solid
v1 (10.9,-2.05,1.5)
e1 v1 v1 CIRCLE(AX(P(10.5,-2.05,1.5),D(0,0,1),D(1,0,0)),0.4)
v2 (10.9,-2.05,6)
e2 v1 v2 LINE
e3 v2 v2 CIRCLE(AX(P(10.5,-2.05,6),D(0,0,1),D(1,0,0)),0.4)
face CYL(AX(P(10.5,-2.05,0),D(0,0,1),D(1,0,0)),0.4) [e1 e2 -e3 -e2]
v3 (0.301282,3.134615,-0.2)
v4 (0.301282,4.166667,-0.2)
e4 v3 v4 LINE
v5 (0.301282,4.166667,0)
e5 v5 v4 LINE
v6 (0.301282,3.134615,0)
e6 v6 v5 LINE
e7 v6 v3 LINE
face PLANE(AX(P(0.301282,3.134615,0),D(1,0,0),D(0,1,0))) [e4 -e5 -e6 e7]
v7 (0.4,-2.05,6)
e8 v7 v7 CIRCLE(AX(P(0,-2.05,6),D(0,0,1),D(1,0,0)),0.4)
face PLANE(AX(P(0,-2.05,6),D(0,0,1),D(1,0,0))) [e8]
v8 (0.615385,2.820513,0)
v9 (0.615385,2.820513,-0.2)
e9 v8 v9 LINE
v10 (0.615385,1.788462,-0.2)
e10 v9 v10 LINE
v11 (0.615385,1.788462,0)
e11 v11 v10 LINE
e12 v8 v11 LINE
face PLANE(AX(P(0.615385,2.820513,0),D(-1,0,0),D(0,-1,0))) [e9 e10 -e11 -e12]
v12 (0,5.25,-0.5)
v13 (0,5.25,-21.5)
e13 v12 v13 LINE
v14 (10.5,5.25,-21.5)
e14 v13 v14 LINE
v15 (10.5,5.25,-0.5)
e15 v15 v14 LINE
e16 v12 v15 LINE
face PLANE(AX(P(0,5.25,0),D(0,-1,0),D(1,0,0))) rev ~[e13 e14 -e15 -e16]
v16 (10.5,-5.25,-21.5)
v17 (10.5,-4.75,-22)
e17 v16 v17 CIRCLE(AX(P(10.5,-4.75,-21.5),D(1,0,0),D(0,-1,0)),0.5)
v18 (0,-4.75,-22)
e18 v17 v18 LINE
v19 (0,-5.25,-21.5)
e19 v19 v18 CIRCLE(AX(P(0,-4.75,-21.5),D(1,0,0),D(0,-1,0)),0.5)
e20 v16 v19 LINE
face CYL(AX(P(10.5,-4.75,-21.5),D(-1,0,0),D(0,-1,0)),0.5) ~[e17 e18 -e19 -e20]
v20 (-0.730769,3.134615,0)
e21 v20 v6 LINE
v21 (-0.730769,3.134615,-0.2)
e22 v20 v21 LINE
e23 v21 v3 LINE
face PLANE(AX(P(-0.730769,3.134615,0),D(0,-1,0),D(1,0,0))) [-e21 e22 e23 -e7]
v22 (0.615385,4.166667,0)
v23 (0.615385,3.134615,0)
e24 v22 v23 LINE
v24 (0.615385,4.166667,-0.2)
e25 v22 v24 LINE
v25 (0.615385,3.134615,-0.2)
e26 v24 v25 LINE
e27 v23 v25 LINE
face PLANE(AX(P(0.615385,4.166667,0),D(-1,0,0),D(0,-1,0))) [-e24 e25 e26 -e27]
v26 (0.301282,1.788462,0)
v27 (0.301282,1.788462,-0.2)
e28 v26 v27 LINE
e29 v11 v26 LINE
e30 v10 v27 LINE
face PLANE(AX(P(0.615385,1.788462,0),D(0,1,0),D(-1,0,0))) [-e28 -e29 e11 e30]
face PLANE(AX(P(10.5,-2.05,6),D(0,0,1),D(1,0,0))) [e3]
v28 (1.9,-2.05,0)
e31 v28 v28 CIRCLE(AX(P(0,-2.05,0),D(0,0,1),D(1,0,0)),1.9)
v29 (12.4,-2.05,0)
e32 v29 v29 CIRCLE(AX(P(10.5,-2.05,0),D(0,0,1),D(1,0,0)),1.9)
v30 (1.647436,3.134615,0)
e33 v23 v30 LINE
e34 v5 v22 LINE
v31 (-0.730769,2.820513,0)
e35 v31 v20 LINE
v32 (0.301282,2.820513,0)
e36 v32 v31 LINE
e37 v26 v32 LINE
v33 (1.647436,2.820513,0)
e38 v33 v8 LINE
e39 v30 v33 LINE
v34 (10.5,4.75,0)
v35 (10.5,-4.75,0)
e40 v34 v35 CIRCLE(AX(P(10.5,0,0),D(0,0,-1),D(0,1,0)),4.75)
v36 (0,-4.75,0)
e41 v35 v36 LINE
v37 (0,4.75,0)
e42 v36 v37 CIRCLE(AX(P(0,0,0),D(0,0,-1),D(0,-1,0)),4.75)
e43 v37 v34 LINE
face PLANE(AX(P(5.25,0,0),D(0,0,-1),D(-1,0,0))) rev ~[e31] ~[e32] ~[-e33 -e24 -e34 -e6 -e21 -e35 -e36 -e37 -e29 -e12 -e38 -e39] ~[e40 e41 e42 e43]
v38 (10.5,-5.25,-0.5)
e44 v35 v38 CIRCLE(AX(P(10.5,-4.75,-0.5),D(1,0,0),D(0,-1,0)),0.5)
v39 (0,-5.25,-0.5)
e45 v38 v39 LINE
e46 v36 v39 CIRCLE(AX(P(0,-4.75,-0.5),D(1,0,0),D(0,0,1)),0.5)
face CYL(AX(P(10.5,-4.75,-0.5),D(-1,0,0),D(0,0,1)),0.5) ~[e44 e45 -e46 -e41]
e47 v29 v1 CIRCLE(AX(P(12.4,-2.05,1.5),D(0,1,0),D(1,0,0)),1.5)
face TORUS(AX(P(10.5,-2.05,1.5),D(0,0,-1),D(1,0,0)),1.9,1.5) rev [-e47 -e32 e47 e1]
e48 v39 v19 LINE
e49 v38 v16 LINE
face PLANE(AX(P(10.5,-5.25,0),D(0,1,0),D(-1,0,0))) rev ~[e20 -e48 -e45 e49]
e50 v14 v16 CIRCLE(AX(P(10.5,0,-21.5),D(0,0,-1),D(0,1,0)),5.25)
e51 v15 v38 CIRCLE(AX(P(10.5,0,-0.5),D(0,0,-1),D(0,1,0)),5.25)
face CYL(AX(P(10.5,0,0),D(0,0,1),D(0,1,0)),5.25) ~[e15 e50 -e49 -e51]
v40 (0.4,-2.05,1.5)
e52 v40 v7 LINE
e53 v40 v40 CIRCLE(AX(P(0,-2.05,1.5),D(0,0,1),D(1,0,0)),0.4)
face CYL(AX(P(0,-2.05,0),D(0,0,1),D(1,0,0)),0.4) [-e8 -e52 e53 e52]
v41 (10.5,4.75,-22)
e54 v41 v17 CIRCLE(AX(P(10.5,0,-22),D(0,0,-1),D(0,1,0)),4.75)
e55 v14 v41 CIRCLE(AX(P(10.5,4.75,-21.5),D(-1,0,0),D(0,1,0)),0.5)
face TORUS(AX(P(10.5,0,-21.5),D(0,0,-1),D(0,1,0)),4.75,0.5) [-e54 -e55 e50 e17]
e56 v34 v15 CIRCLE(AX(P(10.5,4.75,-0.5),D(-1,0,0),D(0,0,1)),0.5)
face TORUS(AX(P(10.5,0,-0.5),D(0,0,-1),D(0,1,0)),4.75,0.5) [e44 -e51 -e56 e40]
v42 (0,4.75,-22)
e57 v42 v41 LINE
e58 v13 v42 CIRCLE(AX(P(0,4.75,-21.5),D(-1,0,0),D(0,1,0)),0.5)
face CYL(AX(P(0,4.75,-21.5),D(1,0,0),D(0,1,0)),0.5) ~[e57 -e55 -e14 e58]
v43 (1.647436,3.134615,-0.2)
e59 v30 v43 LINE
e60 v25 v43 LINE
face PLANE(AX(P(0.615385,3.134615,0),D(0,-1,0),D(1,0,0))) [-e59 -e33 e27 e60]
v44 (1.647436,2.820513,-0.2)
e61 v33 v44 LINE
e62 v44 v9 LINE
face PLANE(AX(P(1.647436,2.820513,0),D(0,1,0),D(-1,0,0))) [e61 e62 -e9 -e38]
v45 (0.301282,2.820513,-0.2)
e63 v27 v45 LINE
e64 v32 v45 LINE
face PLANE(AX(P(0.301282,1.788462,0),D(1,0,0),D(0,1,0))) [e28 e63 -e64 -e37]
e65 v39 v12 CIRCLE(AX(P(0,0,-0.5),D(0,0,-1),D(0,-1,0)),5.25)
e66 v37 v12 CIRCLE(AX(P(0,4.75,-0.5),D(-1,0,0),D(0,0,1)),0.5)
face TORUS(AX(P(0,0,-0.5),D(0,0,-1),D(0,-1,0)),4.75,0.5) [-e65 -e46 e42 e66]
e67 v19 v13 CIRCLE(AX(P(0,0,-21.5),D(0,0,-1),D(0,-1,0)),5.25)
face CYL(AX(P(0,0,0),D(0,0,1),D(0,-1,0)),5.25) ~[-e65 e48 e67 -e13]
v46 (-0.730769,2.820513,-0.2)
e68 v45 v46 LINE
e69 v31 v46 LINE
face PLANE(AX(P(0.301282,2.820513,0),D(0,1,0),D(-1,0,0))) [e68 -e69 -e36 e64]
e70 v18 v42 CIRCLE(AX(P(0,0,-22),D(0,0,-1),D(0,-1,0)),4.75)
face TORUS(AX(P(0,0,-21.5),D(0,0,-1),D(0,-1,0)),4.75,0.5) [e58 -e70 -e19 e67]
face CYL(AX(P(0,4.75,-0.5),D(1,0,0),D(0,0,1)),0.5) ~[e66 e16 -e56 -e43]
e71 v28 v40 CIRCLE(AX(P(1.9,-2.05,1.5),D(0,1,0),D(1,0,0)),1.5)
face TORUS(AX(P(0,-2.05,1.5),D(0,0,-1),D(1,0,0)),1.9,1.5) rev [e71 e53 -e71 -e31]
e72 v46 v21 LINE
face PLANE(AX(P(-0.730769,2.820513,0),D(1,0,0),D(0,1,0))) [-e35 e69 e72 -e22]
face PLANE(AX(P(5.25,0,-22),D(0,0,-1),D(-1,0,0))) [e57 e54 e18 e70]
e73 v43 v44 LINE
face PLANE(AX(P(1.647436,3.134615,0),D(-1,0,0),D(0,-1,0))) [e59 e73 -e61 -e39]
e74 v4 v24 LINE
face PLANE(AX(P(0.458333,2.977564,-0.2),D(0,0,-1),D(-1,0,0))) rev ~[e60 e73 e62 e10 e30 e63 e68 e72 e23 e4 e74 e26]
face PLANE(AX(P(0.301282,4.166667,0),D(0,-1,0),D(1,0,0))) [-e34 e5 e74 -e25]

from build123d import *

# Parameters (mm, degrees)
BOSS_EXTRUDE1_DEPTH = 22
SKETCH2_R           = 0.4
FILLET1_R           = 1.5
FILLET2_R           = 0.5
CUT_EXTRUDE1_DEPTH  = 0.2


with BuildPart() as part:
    # Sketch1 → Boss-Extrude1 (new body)
    with BuildSketch(Plane.XY):
        with BuildLine():
            Line((0, 5.25), (10.5, 5.25))
            ThreePointArc((10.5, 5.25), (15.75, 0), (10.5, -5.25))
            Line((10.5, -5.25), (0, -5.25))
            ThreePointArc((0, -5.25), (-5.25, 0), (0, 5.25))
        make_face()
    extrude(amount=-BOSS_EXTRUDE1_DEPTH)

    # Sweep1: sweep along a path in Sketch3
    with BuildLine(Plane.YZ) as sweep1_path:
        Line((-2.05, 0), (-2.05, 6))
    # Sketch2 → Sweep1 (sweep)
    with BuildSketch(Plane.XY):
        with Locations((0, -2.05)):
            Circle(SKETCH2_R)
        with Locations((10.5, -2.05)):
            Circle(SKETCH2_R)
    sweep(path=sweep1_path.line)

    # Fillet1
    fillet1_edges = [part.edges().sort_by_distance(p)[0] for p in [
        (-0.4, -2.05, 0),
        (10.1, -2.05, 0),
    ]]
    fillet(fillet1_edges, radius=FILLET1_R)

    # Fillet2
    fillet2_edges = [part.edges().sort_by_distance(p)[0] for p in [
        (15.75, 0, -22),
        (5.25, 5.25, -22),
        (-5.25, 0, -22),
        (5.25, 5.25, 0),
        (15.75, 0, 0),
        (5.25, -5.25, 0),
        (-5.25, 0, 0),
        (5.25, -5.25, -22),
    ]]
    fillet(fillet2_edges, radius=FILLET2_R)

    # Sketch4 → Cut-Extrude1 (cut)
    with BuildSketch(Plane.XY):
        Polygon((0.301282051, 3.134615385), (0.301282051, 4.166666667), (0.615384615, 4.166666667), (0.615384615, 3.134615385), (1.647435897, 3.134615385), (1.647435897, 2.820512821), (0.615384615, 2.820512821), (0.615384615, 1.788461538), (0.301282051, 1.788461538), (0.301282051, 2.820512821), (-0.730769231, 2.820512821), (-0.730769231, 3.134615385), align=None)
    extrude(amount=-CUT_EXTRUDE1_DEPTH, mode=Mode.SUBTRACT)


solid = part.part
